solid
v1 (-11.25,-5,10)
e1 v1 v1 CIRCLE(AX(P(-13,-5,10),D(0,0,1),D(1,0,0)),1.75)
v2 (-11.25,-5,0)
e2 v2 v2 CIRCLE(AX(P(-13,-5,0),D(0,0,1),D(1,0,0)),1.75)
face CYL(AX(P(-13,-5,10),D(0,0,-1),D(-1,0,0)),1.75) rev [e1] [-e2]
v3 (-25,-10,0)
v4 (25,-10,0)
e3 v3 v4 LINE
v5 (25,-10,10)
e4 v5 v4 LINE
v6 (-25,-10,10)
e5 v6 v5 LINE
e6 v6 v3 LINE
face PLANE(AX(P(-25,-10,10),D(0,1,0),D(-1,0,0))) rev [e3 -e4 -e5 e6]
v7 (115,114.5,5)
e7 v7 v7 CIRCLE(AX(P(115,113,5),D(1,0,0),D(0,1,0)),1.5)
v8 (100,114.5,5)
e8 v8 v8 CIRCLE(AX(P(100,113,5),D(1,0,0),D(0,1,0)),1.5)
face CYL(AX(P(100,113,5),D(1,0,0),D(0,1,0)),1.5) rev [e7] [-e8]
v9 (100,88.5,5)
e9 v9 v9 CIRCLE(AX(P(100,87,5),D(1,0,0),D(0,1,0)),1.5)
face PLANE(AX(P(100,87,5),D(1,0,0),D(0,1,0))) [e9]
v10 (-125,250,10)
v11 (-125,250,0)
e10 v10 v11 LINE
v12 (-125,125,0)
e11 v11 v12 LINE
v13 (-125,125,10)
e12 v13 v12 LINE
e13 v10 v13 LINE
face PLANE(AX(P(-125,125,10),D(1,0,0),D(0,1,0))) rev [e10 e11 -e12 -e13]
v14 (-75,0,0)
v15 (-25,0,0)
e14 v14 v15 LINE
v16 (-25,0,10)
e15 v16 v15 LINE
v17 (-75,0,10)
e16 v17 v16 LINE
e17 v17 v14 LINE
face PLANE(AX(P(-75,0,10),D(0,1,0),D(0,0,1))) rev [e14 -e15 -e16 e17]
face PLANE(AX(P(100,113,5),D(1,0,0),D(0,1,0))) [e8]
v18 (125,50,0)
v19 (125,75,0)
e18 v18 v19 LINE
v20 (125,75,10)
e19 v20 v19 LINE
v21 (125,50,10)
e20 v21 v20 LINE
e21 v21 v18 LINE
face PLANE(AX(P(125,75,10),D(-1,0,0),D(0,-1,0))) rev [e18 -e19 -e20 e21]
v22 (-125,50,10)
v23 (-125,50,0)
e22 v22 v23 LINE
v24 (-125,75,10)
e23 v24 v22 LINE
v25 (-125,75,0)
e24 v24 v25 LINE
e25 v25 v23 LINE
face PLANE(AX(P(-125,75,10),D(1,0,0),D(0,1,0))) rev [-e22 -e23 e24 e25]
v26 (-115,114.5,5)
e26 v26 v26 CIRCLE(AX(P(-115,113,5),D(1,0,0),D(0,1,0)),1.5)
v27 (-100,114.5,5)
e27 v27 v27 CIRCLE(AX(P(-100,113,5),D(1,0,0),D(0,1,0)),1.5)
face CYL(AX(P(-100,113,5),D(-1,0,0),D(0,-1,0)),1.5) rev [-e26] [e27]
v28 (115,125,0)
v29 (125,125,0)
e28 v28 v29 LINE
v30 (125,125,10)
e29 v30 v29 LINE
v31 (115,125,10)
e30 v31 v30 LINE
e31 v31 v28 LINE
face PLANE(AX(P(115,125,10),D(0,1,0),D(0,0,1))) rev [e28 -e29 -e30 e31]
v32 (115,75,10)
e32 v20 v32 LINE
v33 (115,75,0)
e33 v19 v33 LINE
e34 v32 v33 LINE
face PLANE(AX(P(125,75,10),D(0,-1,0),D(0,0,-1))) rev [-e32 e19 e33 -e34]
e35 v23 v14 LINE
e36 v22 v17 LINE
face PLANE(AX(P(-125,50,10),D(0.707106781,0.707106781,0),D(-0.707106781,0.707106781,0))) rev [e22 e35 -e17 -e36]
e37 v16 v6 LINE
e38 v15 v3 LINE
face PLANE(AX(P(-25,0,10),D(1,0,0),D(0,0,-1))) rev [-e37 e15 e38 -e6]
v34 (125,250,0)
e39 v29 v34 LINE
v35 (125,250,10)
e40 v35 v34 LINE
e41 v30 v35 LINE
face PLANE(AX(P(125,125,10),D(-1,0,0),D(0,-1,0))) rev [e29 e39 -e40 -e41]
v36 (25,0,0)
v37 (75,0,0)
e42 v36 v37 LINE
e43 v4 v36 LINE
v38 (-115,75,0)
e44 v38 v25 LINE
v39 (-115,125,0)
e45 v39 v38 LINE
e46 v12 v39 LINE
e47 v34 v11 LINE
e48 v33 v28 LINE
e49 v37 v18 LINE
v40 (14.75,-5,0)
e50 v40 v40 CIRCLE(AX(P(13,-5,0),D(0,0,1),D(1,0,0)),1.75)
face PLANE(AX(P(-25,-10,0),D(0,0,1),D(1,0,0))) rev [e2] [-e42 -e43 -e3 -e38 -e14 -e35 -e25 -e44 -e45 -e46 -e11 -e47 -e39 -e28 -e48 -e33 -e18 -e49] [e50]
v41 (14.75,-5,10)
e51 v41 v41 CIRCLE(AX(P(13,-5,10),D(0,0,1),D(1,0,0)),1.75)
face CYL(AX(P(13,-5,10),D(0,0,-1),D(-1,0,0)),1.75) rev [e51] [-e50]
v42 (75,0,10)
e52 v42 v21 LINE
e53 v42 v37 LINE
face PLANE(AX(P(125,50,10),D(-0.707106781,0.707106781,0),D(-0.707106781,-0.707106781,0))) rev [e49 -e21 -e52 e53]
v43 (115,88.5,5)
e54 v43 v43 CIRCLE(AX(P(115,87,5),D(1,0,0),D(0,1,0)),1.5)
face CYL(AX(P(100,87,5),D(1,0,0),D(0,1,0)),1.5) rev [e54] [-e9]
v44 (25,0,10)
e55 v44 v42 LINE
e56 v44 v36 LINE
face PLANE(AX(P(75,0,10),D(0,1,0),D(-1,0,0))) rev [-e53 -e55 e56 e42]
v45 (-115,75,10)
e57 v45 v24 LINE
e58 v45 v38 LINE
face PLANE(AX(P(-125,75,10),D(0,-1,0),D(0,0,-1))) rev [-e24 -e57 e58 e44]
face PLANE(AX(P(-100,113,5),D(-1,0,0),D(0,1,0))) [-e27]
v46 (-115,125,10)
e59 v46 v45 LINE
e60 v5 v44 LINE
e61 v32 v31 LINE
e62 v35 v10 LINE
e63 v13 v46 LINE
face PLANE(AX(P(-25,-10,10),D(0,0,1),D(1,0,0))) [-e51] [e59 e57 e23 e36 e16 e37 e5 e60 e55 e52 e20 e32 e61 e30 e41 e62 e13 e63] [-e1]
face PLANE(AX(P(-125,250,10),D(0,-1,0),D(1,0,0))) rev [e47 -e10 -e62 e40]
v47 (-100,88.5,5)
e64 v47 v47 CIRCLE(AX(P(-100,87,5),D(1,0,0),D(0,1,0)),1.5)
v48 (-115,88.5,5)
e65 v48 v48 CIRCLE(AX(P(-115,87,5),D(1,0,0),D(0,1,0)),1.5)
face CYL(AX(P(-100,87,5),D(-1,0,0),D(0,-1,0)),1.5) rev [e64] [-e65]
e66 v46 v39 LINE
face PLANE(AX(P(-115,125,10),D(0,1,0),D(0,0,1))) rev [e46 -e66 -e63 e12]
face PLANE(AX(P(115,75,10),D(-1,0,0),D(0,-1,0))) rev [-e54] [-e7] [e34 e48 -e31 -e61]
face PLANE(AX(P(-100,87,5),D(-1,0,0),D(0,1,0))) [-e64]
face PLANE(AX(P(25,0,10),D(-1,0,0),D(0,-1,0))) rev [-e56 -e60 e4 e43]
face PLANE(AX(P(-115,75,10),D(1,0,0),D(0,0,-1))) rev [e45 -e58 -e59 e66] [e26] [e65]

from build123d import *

# Parameters (mm, degrees)
SKETCH1_R           = 1.75
BOSS_EXTRUDE1_DEPTH = 10
SKETCH2_R           = 1.5
CUT_EXTRUDE1_DEPTH  = 15


with BuildPart() as part:
    # Sketch1 → Boss-Extrude1 (new body)
    with BuildSketch(Plane.XY):
        Polygon((-125, 75), (-125, 50), (-75, 0), (-25, 0), (-25, -10), (25, -10), (25, 0), (75, 0), (125, 50), (125, 75), (115, 75), (115, 125), (125, 125), (125, 250), (-125, 250), (-125, 125), (-115, 125), (-115, 75), align=None)
        with Locations((-13, -5)):
            Circle(SKETCH1_R, mode=Mode.SUBTRACT)
        with Locations((13, -5)):
            Circle(SKETCH1_R, mode=Mode.SUBTRACT)
    extrude(amount=BOSS_EXTRUDE1_DEPTH)

    # Sketch2 → Cut-Extrude1 (cut)
    with BuildSketch(Plane(origin=(115, 0, 0), x_dir=(0, 0, -1), z_dir=(1, 0, 0))):
        with Locations(Location((-5, 113, 0), (0, 0, 90))):
            Circle(SKETCH2_R)
        with Locations(Location((-5, 87, 0), (0, 0, 90))):
            Circle(SKETCH2_R)
    cut_extrude1 = extrude(amount=-CUT_EXTRUDE1_DEPTH, mode=Mode.SUBTRACT)

    # Mirror1: Cut-Extrude1 across plane
    add(cut_extrude1.mirror(Plane(origin=(0, 0, 0), x_dir=(0, 0, 1), z_dir=(1, 0, 0))), mode=Mode.SUBTRACT)


solid = part.part
